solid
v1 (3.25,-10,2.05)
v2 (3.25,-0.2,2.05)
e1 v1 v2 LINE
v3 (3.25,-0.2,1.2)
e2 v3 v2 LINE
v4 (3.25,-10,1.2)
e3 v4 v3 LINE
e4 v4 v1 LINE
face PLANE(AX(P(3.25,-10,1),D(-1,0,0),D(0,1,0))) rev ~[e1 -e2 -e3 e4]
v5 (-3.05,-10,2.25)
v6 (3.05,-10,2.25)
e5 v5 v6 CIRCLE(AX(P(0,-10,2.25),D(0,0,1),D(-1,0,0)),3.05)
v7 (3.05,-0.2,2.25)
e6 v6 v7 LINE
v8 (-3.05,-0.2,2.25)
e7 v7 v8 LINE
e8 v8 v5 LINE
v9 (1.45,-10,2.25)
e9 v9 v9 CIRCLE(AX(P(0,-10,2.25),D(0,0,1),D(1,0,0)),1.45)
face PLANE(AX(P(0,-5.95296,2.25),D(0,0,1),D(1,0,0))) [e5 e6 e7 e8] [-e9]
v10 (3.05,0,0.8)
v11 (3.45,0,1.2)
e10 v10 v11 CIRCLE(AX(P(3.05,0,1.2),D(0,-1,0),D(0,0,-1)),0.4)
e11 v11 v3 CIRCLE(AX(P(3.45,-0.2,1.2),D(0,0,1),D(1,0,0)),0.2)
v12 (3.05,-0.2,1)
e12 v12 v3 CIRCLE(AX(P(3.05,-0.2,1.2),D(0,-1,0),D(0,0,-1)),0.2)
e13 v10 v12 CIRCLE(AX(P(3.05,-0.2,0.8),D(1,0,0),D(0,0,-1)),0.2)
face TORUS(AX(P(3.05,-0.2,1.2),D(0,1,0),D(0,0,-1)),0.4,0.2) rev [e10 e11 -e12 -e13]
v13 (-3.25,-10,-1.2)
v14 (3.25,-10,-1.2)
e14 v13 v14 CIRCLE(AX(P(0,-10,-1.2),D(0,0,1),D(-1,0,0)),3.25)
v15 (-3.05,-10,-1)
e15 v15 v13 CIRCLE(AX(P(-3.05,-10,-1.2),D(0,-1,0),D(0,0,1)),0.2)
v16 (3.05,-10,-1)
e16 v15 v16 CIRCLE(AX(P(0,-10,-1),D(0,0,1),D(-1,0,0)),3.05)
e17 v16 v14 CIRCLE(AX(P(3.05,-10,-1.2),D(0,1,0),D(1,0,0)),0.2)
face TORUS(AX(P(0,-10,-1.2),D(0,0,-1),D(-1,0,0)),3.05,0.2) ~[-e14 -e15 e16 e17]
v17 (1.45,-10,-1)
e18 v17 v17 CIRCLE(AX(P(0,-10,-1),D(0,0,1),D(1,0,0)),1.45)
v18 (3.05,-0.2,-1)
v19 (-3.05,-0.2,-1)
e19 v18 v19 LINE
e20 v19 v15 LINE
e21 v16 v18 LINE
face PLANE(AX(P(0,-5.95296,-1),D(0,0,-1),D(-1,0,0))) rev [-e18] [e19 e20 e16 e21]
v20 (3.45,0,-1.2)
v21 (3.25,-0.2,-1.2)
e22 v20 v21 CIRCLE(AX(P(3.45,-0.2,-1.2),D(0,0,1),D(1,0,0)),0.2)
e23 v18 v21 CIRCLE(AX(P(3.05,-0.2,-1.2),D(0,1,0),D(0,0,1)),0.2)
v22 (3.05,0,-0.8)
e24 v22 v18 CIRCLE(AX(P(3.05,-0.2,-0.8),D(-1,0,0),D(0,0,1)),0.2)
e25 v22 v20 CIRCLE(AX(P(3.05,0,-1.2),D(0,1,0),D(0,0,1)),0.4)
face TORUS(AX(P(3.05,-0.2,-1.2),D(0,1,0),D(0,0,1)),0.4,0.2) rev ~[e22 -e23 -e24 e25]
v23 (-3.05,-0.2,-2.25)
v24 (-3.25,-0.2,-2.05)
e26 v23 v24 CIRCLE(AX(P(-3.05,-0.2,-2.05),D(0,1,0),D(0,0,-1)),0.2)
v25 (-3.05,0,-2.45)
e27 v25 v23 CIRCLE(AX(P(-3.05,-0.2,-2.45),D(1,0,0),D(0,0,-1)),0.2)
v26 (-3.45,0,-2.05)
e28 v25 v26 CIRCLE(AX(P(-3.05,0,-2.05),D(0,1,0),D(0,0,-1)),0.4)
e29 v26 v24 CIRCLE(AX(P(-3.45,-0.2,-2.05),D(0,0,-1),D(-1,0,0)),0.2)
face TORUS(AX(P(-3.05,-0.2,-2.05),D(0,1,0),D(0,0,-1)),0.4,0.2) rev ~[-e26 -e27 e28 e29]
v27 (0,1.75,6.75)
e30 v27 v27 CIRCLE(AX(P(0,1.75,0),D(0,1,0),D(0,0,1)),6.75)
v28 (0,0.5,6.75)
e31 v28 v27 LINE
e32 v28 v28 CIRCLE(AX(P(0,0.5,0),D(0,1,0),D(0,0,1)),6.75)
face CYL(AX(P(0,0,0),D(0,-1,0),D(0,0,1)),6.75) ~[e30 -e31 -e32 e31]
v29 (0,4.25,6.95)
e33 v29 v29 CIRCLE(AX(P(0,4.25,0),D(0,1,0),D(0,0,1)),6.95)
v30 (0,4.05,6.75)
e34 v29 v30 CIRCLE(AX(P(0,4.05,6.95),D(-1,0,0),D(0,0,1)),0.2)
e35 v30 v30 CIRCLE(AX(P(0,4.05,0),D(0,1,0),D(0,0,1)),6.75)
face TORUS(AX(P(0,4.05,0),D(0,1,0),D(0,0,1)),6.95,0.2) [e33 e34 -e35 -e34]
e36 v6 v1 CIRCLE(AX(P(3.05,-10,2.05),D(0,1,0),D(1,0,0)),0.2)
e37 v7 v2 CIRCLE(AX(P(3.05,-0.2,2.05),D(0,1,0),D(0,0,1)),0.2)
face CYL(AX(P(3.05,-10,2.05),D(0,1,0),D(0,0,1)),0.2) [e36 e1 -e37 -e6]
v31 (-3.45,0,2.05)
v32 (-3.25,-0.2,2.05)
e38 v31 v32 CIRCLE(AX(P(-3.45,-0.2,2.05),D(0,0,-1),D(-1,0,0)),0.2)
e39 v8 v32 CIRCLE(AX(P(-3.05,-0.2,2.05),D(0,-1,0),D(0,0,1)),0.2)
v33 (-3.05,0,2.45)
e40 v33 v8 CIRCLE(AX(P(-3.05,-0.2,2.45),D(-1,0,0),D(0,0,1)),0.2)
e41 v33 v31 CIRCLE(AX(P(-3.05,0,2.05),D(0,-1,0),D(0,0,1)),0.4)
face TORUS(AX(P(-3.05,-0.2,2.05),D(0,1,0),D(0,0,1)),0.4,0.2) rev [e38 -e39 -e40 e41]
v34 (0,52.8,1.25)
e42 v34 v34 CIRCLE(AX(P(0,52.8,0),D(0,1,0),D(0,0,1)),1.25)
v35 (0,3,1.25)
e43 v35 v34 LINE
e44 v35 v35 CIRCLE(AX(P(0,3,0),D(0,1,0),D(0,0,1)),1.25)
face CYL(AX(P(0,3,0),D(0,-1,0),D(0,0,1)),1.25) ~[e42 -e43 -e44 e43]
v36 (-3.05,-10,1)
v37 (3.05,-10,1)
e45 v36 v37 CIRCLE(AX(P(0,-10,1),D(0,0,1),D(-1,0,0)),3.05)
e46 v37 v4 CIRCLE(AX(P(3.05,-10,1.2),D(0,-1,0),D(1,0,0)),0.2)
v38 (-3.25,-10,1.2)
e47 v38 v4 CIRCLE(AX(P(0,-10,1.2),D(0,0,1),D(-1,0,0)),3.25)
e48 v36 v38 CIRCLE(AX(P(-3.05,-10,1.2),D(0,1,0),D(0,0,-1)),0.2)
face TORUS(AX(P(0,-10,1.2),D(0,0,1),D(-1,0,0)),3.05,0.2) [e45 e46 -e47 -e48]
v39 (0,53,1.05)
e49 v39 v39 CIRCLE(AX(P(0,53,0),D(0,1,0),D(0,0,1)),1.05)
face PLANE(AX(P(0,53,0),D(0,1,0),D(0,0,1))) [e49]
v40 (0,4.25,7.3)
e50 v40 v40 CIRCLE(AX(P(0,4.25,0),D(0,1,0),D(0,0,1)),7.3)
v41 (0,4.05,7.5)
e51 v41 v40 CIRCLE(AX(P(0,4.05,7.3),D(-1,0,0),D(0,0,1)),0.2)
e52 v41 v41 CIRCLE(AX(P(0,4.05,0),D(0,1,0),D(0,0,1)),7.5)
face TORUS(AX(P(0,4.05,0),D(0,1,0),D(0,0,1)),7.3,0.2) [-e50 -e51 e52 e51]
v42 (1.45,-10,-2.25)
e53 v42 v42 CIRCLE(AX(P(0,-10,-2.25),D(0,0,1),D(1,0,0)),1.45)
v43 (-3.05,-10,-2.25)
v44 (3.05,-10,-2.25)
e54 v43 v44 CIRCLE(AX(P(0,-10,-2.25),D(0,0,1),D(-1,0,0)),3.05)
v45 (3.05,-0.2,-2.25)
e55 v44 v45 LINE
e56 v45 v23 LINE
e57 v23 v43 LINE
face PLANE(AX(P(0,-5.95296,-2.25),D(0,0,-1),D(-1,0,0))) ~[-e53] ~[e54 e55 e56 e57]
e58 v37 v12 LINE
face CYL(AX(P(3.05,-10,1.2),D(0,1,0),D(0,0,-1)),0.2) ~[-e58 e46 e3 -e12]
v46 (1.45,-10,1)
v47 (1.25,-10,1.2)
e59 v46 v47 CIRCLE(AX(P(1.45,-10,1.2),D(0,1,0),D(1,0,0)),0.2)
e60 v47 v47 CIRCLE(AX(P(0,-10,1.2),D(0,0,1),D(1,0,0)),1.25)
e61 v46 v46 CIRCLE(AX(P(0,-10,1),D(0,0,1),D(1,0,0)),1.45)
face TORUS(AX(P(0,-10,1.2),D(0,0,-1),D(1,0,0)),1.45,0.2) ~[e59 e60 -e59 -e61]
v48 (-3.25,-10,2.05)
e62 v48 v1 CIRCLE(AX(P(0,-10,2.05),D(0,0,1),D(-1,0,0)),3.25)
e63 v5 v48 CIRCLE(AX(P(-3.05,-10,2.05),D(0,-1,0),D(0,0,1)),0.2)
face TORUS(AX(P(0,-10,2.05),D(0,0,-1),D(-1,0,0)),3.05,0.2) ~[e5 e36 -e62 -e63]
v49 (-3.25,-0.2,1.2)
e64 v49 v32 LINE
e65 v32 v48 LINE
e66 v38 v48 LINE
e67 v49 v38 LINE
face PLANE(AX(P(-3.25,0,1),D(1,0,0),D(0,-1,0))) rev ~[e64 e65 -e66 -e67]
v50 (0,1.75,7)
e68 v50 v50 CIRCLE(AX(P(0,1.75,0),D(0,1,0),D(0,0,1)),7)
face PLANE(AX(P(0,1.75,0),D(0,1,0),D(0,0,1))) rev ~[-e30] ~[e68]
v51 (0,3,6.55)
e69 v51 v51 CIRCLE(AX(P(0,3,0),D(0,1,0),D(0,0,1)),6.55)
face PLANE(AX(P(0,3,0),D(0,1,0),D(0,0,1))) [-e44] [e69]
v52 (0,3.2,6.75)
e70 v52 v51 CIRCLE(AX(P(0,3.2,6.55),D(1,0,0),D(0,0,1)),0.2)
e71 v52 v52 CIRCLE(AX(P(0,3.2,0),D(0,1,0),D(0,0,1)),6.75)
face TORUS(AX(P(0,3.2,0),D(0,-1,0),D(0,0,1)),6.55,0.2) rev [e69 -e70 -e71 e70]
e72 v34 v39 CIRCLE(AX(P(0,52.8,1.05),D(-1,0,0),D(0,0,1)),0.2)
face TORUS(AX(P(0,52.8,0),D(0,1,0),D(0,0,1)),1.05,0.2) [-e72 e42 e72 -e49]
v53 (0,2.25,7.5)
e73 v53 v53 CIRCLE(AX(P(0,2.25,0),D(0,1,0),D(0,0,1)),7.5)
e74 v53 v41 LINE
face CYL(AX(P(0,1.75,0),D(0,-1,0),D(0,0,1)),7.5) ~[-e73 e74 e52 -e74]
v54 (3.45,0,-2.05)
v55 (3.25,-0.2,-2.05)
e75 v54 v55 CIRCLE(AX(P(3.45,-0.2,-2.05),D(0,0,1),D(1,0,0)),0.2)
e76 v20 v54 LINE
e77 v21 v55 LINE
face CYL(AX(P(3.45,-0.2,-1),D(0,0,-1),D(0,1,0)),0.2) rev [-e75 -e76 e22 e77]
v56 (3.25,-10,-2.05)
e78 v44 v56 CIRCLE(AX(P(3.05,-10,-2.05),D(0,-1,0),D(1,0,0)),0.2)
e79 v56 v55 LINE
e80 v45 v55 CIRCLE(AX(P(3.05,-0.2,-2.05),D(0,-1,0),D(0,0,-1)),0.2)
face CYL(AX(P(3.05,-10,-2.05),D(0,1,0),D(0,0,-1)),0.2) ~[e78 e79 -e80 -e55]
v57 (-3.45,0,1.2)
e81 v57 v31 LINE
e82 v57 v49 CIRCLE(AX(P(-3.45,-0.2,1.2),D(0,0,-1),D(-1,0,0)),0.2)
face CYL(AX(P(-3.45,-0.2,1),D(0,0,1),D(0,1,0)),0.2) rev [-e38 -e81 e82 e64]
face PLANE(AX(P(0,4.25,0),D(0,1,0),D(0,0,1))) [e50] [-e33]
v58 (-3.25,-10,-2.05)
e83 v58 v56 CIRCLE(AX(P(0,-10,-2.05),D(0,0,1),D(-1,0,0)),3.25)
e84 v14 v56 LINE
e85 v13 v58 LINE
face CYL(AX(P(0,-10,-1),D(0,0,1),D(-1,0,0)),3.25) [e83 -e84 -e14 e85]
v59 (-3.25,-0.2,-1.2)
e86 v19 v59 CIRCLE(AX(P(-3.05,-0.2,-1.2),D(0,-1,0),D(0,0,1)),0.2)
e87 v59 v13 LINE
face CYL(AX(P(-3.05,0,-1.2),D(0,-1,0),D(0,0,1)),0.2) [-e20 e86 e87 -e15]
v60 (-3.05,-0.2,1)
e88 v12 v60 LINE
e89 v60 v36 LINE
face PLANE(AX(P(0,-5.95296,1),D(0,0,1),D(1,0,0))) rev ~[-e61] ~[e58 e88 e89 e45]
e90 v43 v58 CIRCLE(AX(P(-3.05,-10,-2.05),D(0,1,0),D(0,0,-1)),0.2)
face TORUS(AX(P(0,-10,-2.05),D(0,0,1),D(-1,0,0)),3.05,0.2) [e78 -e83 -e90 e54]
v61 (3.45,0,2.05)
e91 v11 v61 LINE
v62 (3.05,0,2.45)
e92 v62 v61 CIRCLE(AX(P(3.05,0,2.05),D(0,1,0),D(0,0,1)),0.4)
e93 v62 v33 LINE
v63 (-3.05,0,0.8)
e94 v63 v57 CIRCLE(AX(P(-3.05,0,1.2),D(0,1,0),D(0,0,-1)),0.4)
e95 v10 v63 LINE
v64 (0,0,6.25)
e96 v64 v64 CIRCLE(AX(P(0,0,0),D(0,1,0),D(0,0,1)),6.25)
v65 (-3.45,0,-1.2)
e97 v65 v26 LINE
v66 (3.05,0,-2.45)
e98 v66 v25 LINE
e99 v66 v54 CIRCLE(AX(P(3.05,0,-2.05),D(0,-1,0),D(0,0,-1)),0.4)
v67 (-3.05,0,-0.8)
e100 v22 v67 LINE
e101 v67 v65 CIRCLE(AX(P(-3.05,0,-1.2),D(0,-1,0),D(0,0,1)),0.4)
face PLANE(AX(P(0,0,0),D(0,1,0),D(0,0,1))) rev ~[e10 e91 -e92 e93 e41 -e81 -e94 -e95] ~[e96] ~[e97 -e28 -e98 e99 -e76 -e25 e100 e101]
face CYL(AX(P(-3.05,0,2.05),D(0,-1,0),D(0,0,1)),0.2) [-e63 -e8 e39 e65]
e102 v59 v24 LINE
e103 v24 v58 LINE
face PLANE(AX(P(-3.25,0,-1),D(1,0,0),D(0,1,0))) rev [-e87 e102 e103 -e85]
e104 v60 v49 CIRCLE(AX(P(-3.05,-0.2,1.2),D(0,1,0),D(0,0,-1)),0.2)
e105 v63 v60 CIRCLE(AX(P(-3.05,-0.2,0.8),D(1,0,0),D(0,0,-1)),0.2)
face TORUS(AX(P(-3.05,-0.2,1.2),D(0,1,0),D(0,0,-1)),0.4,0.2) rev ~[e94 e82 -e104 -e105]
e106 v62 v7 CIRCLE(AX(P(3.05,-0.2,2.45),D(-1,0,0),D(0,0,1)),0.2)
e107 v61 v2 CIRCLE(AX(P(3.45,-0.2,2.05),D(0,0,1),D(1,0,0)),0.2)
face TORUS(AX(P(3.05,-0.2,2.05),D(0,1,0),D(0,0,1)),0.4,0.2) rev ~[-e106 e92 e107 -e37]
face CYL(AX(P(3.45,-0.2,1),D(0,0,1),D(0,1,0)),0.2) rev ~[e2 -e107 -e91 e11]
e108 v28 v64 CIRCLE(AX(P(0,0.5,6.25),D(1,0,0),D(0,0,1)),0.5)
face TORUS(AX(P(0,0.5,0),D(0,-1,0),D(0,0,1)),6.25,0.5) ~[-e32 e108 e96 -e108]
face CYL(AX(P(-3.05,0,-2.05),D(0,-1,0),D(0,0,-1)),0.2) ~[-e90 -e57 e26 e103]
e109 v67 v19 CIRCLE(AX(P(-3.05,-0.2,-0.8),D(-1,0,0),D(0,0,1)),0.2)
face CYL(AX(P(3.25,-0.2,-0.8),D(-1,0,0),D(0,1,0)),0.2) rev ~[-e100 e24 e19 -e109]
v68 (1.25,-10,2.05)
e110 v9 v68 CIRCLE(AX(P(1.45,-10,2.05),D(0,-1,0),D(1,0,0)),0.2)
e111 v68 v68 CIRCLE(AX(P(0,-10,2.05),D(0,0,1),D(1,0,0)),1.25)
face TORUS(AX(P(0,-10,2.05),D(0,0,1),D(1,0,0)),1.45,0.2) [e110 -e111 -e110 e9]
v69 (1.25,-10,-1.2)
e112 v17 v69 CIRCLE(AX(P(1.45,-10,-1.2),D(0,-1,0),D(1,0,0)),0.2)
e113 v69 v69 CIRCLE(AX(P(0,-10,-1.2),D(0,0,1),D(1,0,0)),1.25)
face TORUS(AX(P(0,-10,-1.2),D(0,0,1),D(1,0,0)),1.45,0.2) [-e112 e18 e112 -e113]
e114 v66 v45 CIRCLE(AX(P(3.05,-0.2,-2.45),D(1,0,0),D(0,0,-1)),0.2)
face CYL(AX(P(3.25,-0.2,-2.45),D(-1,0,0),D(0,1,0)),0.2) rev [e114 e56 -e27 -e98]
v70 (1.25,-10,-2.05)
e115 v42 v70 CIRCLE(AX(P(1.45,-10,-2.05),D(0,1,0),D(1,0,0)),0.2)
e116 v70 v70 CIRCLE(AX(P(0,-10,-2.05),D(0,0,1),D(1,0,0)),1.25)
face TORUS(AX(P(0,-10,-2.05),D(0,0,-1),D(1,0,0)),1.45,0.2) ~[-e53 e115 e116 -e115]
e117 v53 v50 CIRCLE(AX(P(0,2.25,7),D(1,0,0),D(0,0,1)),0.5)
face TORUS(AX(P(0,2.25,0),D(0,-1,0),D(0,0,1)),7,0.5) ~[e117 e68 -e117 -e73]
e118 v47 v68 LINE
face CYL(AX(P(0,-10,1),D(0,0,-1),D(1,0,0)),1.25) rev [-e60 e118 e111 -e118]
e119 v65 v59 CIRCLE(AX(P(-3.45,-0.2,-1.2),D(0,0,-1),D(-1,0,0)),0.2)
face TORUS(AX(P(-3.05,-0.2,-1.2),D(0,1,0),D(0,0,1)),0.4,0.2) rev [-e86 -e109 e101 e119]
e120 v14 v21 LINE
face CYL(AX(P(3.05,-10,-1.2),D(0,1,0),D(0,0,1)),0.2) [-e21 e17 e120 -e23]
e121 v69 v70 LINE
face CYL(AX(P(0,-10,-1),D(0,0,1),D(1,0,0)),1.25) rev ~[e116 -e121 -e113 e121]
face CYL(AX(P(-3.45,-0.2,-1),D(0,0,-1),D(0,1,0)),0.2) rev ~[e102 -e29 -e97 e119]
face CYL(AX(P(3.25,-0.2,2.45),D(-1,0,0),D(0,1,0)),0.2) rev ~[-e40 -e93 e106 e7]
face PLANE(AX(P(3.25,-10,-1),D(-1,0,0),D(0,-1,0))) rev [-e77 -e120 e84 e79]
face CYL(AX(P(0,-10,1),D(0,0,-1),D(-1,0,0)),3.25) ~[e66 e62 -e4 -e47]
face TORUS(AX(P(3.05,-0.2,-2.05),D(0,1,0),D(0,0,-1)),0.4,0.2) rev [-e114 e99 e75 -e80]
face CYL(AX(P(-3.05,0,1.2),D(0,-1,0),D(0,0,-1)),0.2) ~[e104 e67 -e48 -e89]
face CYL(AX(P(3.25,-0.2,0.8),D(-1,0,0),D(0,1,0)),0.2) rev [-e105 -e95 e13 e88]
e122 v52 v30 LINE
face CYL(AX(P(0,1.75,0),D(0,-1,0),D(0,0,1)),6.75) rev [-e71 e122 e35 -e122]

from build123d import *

# Parameters (mm, degrees)
SKETCH1_R                = 6.75
BOSS_EXTRUDE1_DEPTH      = 3
SKETCH2_R                = 1.25
BOSS_EXTRUDE2_DEPTH      = 50
BOSS_EXTRUDE3_START      = 1
SKETCH3_R                = 1.25
BOSS_EXTRUDE3_DEPTH      = 1.25
BOSS_EXTRUDE4_DEPTH      = 1.25
BOSS_EXTRUDE4_DEPTH_BACK = 1.25
SKETCH4_R                = 7.5
SKETCH4_R_2              = 6.75
FILLET1_R                = 0.5
FILLET2_R                = 0.2
FILLET3_R                = 0.2
FILLET4_R                = 0.2


with BuildPart() as part:
    # Sketch1 → Boss-Extrude1 (new body)
    with BuildSketch(Plane(origin=(0, 0, 0), x_dir=(1, 0, 0), z_dir=(0, 1, 0))):
        with Locations(Location((0, 0, 0), (0, 0, 270))):
            Circle(SKETCH1_R)
    extrude(amount=BOSS_EXTRUDE1_DEPTH)

    # Sketch2 → Boss-Extrude2 (add)
    with BuildSketch(Plane(origin=(0, 3, 0), x_dir=(1, 0, 0), z_dir=(0, 1, 0))):
        with Locations(Location((0, 0, 0), (0, 0, 270))):
            Circle(SKETCH2_R)
    extrude(amount=BOSS_EXTRUDE2_DEPTH)

    # Sketch3 → Boss-Extrude3 (add)
    with BuildSketch(Plane.XY.offset(BOSS_EXTRUDE3_START)):
        with BuildLine():
            Line((3.25, -10), (3.25, 0))
            Line((3.25, 0), (-3.25, 0))
            Line((-3.25, 0), (-3.25, -10))
            ThreePointArc((-3.25, -10), (0, -13.25), (3.25, -10))
        make_face()
        with Locations((0, -10)):
            Circle(SKETCH3_R, mode=Mode.SUBTRACT)
    boss_extrude3 = extrude(amount=BOSS_EXTRUDE3_DEPTH)

    # Mirror1: Boss-Extrude3 across plane
    add(boss_extrude3.mirror(Plane.XY))

    # Sketch4 → Boss-Extrude4 (add, two sides: drawn at the far end of the back side and taken through both)
    with BuildSketch(Plane(origin=(0, 3, 0), x_dir=(1, 0, 0), z_dir=(0, 1, 0)).offset(-BOSS_EXTRUDE4_DEPTH_BACK)):
        with Locations(Location((0, 0, 0), (0, 0, 270))):
            Circle(SKETCH4_R)
        with Locations(Location((0, 0, 0), (0, 0, 270))):
            Circle(SKETCH4_R_2, mode=Mode.SUBTRACT)
    extrude(amount=BOSS_EXTRUDE4_DEPTH + BOSS_EXTRUDE4_DEPTH_BACK)

    # Fillet1
    fillet1_edges = [part.edges().sort_by_distance(p)[0] for p in [
        (0, 0, -6.75),
        (0, 1.75, -7.5),
    ]]
    fillet(fillet1_edges, radius=FILLET1_R)

    # Fillet2
    fillet2_edges = [part.edges().sort_by_distance(p)[0] for p in [
        (0, -13.25, 2.25),
        (3.25, -5, 2.25),
        (0, 0, 2.25),
        (-3.25, -5, 2.25),
        (-1.25, -10, 1),
        (0, -13.25, 1),
        (3.25, -5, 1),
        (0, 0, 1),
        (3.25, 0, 1.625),
        (-3.25, -5, 1),
        (-3.25, 0, 1.625),
        (-1.25, -10, 2.25),
        (0, -13.25, -2.25),
        (-3.25, -5, -2.25),
        (0, 0, -2.25),
        (-3.25, 0, -1.625),
        (3.25, -5, -2.25),
        (3.25, 0, -1.625),
        (-1.25, -10, -2.25),
        (0, -13.25, -1),
        (3.25, -5, -1),
        (0, 0, -1),
        (-3.25, -5, -1),
        (-1.25, -10, -1),
    ]]
    fillet(fillet2_edges, radius=FILLET2_R)

    # Fillet3
    fillet3_edges = [part.edges().sort_by_distance(p)[0] for p in [
        (0, 3, -6.75),
        (0, 4.25, -6.75),
        (0, 4.25, -7.5),
    ]]
    fillet(fillet3_edges, radius=FILLET3_R)

    # Fillet4
    fillet4_edges = [part.edges().sort_by_distance(p)[0] for p in [
        (0, 53, -1.25),
    ]]
    fillet(fillet4_edges, radius=FILLET4_R)


solid = part.part
